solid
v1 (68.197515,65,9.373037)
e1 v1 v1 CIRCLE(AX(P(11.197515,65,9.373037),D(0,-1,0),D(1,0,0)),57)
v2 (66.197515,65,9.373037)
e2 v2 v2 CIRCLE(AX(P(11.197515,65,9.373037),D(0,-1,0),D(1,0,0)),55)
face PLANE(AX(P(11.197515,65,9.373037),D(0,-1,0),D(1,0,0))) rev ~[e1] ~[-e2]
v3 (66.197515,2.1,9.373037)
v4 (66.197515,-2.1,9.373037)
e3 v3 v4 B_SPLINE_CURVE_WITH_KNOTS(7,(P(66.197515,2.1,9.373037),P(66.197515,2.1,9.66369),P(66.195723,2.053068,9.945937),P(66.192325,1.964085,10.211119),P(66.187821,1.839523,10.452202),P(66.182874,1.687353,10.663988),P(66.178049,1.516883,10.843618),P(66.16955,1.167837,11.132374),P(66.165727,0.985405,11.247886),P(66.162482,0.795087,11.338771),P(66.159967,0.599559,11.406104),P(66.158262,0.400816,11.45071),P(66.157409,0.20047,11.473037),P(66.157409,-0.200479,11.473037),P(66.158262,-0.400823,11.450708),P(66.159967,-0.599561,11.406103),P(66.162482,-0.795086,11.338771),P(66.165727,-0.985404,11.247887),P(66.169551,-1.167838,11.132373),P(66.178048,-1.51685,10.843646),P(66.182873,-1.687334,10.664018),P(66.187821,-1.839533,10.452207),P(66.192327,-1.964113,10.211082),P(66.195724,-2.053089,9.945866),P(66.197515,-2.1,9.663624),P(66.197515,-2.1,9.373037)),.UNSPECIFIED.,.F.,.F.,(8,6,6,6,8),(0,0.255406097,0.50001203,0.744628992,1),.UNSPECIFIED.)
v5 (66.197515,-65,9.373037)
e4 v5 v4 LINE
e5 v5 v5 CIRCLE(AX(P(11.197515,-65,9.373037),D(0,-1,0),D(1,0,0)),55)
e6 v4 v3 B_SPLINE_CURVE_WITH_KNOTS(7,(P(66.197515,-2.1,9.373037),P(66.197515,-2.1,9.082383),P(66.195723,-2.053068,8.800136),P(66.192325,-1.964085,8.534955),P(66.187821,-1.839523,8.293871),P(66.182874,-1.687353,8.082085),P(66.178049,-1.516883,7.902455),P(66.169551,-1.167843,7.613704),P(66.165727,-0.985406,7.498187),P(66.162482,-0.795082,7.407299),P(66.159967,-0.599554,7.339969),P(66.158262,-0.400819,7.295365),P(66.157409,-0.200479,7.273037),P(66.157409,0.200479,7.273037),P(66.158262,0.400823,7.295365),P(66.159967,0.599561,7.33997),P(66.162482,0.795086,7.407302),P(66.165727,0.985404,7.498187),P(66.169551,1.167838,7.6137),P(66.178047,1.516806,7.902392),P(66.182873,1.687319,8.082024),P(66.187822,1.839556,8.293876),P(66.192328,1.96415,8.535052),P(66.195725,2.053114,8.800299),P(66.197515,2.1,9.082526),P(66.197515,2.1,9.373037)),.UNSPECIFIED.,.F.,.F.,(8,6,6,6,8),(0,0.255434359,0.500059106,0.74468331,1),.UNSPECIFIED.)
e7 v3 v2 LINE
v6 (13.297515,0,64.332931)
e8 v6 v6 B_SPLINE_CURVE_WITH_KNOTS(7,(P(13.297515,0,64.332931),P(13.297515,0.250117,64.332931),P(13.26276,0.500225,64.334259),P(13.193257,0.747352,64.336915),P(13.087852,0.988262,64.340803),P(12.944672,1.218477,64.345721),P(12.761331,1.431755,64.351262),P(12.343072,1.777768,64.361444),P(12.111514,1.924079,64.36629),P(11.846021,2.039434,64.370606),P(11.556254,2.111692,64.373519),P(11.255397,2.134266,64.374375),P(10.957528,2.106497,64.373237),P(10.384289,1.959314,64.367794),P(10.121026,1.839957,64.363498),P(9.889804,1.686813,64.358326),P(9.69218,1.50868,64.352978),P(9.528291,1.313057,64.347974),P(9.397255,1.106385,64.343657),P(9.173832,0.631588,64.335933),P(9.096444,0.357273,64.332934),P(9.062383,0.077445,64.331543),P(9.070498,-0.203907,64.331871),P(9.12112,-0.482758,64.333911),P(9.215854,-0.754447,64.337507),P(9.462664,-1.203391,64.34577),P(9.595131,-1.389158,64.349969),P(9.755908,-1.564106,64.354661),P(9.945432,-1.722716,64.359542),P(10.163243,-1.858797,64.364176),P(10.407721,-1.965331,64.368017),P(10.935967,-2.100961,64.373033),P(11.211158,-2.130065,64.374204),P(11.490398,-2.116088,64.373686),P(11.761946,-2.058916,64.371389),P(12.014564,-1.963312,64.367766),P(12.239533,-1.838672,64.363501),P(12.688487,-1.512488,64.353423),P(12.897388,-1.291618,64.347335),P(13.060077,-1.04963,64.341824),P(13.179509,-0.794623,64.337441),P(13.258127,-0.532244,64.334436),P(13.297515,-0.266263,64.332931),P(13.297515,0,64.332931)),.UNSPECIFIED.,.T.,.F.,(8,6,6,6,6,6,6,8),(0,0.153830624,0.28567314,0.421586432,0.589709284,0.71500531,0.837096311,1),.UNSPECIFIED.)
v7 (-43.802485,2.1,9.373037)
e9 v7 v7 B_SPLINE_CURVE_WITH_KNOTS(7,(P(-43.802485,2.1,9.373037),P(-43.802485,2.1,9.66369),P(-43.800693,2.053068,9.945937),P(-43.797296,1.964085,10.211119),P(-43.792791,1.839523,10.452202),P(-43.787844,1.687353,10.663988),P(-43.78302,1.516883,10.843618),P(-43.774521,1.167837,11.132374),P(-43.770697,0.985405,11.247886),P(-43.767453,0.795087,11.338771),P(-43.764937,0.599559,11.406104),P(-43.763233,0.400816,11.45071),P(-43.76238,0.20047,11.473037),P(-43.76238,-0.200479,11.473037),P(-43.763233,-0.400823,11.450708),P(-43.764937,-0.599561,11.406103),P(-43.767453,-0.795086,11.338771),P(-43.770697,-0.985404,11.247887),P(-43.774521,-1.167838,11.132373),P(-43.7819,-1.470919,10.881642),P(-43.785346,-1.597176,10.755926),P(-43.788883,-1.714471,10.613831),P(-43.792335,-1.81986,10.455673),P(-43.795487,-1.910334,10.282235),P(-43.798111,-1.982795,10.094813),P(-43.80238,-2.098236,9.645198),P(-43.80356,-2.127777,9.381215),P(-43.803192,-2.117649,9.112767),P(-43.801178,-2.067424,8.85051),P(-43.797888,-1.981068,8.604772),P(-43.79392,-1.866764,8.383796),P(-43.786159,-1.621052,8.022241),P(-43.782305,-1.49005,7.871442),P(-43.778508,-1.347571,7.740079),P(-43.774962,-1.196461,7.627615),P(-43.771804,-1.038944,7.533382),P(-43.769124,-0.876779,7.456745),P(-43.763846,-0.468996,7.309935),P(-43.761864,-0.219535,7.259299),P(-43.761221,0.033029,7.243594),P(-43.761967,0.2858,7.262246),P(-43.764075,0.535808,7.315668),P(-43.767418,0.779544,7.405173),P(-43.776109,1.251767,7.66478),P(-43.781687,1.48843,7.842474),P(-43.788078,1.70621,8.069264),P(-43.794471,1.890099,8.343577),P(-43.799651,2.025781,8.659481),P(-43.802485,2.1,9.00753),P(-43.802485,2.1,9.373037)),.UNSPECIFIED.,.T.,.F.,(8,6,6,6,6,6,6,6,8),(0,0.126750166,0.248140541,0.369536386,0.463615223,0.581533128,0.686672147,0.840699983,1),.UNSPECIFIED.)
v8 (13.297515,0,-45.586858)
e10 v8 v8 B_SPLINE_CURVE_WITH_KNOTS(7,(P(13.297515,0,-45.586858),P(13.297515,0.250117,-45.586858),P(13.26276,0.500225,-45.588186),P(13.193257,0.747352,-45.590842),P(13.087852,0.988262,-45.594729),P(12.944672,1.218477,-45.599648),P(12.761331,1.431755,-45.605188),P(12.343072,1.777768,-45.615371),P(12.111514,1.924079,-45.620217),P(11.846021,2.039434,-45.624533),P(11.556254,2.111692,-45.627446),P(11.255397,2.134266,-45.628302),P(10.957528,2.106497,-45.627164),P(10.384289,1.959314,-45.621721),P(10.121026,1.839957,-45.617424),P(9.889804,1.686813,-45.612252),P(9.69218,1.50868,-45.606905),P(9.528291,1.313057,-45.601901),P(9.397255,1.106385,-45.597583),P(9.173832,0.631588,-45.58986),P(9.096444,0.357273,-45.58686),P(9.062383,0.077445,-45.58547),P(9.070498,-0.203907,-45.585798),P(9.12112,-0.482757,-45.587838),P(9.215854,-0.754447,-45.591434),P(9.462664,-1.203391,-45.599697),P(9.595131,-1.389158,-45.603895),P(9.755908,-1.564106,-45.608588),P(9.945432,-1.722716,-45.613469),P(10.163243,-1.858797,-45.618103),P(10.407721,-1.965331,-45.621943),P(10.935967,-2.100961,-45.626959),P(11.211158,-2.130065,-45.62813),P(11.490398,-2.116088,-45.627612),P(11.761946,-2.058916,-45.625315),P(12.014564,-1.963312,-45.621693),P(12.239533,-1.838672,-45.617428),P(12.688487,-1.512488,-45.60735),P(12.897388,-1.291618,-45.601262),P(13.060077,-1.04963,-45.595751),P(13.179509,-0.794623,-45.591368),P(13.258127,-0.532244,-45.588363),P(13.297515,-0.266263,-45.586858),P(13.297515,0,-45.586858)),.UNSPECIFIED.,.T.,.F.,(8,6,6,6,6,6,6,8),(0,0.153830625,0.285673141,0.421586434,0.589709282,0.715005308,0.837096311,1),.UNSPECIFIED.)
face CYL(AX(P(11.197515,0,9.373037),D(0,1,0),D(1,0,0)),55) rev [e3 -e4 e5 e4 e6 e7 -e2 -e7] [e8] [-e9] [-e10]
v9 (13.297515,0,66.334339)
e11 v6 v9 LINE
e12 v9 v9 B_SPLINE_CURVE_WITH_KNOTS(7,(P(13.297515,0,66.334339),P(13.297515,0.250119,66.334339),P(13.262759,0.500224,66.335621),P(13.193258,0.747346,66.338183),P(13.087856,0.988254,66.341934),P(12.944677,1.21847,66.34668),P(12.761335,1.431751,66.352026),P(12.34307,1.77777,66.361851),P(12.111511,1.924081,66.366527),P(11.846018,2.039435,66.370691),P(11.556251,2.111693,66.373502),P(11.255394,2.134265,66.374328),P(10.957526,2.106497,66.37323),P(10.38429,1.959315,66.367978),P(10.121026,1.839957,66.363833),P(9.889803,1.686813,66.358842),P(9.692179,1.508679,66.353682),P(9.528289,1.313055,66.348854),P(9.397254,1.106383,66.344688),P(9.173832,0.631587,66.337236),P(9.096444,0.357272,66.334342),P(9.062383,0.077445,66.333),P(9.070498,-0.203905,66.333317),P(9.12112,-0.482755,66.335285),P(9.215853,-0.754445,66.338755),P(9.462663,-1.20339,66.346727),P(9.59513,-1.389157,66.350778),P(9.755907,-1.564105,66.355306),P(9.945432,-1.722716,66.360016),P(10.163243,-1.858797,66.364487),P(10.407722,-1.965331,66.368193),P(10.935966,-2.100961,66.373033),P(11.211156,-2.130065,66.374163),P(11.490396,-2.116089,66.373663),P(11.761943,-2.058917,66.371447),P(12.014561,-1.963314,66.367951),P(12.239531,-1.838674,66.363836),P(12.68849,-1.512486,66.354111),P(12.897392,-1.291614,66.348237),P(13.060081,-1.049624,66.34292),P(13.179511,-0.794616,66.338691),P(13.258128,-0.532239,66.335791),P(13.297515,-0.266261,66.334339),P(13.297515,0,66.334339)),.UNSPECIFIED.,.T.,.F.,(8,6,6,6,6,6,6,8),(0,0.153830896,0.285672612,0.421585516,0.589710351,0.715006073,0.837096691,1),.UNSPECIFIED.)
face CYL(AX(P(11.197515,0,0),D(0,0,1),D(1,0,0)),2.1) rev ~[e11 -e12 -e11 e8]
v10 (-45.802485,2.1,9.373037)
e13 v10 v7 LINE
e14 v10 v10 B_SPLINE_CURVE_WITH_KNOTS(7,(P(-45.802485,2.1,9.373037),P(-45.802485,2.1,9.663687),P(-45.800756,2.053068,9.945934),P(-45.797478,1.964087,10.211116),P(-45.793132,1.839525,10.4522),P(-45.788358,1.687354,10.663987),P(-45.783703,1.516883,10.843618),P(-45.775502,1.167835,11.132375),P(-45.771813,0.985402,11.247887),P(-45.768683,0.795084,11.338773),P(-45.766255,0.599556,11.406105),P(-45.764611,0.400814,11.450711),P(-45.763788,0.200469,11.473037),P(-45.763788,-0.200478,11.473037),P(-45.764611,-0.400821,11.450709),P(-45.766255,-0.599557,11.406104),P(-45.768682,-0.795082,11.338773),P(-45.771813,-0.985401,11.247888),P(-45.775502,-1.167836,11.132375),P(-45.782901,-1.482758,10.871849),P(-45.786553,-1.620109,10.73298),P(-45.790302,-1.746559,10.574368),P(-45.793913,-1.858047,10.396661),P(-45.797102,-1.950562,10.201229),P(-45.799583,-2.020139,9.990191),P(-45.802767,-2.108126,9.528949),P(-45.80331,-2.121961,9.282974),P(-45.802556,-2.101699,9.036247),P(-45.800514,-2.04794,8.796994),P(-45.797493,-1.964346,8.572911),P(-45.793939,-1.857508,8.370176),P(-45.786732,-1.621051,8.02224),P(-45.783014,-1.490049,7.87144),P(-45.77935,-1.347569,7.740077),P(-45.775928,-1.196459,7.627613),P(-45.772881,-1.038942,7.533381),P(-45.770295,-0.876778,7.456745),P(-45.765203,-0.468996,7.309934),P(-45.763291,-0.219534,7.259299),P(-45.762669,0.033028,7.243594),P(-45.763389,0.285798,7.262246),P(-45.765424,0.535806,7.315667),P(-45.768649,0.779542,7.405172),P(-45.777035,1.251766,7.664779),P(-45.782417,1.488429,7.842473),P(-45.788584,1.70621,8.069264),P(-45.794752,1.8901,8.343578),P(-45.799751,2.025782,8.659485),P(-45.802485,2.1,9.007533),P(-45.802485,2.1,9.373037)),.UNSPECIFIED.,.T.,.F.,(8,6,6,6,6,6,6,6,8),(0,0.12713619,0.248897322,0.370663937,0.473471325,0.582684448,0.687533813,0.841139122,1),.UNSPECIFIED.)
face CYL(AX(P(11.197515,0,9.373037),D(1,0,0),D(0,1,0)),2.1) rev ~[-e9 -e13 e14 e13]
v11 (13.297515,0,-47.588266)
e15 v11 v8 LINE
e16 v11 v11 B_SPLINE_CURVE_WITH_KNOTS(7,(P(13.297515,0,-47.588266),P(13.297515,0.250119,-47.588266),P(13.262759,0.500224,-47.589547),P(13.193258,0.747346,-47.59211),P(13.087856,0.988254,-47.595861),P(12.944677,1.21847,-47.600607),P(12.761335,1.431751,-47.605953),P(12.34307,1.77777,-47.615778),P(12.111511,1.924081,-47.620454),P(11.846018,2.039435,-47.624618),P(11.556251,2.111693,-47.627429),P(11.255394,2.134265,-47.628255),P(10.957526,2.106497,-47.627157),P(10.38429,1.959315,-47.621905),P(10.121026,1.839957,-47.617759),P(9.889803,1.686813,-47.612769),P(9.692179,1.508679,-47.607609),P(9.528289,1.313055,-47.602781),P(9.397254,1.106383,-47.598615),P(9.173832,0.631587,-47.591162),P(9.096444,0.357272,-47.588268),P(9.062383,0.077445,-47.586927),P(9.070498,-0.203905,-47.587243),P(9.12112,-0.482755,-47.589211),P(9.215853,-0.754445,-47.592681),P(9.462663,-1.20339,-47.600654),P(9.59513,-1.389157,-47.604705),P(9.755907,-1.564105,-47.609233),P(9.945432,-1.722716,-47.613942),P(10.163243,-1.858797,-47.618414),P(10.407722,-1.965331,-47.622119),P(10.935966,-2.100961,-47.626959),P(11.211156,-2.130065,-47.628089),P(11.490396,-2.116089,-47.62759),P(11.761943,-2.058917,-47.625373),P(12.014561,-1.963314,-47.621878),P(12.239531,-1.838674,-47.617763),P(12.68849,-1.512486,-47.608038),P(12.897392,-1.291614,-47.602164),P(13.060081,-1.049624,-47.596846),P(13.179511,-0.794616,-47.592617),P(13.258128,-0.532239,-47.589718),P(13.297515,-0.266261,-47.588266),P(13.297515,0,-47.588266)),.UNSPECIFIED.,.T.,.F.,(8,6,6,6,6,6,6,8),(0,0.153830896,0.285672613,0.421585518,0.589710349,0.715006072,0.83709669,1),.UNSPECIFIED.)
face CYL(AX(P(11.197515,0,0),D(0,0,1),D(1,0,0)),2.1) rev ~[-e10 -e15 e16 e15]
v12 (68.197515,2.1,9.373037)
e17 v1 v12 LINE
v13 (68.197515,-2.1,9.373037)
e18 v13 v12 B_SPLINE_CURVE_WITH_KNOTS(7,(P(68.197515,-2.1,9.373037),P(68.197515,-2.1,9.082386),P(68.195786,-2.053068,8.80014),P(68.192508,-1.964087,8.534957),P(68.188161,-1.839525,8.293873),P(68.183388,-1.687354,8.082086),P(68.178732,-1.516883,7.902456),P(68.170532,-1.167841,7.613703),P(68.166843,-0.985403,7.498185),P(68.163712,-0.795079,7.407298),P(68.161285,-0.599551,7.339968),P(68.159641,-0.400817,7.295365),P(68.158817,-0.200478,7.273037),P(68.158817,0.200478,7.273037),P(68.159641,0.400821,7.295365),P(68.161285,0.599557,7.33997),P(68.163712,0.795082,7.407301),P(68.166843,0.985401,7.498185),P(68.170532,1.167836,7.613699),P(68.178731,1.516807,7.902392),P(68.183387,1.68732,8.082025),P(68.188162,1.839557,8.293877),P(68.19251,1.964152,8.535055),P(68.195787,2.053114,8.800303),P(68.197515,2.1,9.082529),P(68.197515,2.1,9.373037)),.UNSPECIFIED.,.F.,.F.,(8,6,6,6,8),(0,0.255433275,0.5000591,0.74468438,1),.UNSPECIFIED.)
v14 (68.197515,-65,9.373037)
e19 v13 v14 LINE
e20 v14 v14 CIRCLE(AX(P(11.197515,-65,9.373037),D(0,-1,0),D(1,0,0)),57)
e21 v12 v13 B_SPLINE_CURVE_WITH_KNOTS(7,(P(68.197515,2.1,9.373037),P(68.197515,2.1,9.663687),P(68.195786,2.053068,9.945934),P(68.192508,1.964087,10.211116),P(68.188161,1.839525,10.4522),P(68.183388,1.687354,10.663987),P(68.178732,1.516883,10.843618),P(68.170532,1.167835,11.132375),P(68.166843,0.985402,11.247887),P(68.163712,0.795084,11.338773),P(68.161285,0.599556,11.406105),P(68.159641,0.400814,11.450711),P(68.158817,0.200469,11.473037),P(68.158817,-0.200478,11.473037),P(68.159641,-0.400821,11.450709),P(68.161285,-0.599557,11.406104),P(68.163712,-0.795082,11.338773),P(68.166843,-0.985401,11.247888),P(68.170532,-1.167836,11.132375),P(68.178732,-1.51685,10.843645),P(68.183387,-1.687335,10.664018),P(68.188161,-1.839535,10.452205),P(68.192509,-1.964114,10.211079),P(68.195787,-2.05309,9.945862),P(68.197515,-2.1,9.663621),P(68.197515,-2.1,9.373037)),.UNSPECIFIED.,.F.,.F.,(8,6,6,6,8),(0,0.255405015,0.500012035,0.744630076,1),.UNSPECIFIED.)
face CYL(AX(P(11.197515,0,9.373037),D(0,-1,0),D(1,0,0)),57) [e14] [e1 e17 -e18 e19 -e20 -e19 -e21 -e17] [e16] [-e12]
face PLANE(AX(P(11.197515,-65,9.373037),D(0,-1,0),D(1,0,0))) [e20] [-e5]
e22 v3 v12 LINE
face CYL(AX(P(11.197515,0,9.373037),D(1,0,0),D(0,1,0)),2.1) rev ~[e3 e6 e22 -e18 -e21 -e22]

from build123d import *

# Parameters (mm, degrees)
F0_R     = 57
F0_R_2   = 55
F1_DEPTH = 65
F3_R     = 2.1
F4_DEPTH = 70
F5_R     = 2.1
F6_DEPTH = 100


with BuildPart() as f1:
    # F0 (on Front) → F1 (new body, symmetric)
    with BuildSketch(Plane.XZ):
        with Locations((11.197514832, 9.3730366789)):
            Circle(F0_R)
        with Locations((11.197514832, 9.3730366789)):
            Circle(F0_R_2, mode=Mode.SUBTRACT)
    extrude(amount=F1_DEPTH, both=True)

    # F3 (on plane+point) → F4 (cut, symmetric)
    with BuildSketch(Plane.YZ.offset(11.197514832)):
        with Locations((0, 9.3730366789)):
            Circle(F3_R)
    extrude(amount=F4_DEPTH, both=True, mode=Mode.SUBTRACT)

    # F5 (on Top) → F6 (cut, symmetric)
    with BuildSketch(Plane.XY):
        with Locations((11.197514832, 0)):
            Circle(F5_R)
    extrude(amount=F6_DEPTH, both=True, mode=Mode.SUBTRACT)


solid = f1.part
